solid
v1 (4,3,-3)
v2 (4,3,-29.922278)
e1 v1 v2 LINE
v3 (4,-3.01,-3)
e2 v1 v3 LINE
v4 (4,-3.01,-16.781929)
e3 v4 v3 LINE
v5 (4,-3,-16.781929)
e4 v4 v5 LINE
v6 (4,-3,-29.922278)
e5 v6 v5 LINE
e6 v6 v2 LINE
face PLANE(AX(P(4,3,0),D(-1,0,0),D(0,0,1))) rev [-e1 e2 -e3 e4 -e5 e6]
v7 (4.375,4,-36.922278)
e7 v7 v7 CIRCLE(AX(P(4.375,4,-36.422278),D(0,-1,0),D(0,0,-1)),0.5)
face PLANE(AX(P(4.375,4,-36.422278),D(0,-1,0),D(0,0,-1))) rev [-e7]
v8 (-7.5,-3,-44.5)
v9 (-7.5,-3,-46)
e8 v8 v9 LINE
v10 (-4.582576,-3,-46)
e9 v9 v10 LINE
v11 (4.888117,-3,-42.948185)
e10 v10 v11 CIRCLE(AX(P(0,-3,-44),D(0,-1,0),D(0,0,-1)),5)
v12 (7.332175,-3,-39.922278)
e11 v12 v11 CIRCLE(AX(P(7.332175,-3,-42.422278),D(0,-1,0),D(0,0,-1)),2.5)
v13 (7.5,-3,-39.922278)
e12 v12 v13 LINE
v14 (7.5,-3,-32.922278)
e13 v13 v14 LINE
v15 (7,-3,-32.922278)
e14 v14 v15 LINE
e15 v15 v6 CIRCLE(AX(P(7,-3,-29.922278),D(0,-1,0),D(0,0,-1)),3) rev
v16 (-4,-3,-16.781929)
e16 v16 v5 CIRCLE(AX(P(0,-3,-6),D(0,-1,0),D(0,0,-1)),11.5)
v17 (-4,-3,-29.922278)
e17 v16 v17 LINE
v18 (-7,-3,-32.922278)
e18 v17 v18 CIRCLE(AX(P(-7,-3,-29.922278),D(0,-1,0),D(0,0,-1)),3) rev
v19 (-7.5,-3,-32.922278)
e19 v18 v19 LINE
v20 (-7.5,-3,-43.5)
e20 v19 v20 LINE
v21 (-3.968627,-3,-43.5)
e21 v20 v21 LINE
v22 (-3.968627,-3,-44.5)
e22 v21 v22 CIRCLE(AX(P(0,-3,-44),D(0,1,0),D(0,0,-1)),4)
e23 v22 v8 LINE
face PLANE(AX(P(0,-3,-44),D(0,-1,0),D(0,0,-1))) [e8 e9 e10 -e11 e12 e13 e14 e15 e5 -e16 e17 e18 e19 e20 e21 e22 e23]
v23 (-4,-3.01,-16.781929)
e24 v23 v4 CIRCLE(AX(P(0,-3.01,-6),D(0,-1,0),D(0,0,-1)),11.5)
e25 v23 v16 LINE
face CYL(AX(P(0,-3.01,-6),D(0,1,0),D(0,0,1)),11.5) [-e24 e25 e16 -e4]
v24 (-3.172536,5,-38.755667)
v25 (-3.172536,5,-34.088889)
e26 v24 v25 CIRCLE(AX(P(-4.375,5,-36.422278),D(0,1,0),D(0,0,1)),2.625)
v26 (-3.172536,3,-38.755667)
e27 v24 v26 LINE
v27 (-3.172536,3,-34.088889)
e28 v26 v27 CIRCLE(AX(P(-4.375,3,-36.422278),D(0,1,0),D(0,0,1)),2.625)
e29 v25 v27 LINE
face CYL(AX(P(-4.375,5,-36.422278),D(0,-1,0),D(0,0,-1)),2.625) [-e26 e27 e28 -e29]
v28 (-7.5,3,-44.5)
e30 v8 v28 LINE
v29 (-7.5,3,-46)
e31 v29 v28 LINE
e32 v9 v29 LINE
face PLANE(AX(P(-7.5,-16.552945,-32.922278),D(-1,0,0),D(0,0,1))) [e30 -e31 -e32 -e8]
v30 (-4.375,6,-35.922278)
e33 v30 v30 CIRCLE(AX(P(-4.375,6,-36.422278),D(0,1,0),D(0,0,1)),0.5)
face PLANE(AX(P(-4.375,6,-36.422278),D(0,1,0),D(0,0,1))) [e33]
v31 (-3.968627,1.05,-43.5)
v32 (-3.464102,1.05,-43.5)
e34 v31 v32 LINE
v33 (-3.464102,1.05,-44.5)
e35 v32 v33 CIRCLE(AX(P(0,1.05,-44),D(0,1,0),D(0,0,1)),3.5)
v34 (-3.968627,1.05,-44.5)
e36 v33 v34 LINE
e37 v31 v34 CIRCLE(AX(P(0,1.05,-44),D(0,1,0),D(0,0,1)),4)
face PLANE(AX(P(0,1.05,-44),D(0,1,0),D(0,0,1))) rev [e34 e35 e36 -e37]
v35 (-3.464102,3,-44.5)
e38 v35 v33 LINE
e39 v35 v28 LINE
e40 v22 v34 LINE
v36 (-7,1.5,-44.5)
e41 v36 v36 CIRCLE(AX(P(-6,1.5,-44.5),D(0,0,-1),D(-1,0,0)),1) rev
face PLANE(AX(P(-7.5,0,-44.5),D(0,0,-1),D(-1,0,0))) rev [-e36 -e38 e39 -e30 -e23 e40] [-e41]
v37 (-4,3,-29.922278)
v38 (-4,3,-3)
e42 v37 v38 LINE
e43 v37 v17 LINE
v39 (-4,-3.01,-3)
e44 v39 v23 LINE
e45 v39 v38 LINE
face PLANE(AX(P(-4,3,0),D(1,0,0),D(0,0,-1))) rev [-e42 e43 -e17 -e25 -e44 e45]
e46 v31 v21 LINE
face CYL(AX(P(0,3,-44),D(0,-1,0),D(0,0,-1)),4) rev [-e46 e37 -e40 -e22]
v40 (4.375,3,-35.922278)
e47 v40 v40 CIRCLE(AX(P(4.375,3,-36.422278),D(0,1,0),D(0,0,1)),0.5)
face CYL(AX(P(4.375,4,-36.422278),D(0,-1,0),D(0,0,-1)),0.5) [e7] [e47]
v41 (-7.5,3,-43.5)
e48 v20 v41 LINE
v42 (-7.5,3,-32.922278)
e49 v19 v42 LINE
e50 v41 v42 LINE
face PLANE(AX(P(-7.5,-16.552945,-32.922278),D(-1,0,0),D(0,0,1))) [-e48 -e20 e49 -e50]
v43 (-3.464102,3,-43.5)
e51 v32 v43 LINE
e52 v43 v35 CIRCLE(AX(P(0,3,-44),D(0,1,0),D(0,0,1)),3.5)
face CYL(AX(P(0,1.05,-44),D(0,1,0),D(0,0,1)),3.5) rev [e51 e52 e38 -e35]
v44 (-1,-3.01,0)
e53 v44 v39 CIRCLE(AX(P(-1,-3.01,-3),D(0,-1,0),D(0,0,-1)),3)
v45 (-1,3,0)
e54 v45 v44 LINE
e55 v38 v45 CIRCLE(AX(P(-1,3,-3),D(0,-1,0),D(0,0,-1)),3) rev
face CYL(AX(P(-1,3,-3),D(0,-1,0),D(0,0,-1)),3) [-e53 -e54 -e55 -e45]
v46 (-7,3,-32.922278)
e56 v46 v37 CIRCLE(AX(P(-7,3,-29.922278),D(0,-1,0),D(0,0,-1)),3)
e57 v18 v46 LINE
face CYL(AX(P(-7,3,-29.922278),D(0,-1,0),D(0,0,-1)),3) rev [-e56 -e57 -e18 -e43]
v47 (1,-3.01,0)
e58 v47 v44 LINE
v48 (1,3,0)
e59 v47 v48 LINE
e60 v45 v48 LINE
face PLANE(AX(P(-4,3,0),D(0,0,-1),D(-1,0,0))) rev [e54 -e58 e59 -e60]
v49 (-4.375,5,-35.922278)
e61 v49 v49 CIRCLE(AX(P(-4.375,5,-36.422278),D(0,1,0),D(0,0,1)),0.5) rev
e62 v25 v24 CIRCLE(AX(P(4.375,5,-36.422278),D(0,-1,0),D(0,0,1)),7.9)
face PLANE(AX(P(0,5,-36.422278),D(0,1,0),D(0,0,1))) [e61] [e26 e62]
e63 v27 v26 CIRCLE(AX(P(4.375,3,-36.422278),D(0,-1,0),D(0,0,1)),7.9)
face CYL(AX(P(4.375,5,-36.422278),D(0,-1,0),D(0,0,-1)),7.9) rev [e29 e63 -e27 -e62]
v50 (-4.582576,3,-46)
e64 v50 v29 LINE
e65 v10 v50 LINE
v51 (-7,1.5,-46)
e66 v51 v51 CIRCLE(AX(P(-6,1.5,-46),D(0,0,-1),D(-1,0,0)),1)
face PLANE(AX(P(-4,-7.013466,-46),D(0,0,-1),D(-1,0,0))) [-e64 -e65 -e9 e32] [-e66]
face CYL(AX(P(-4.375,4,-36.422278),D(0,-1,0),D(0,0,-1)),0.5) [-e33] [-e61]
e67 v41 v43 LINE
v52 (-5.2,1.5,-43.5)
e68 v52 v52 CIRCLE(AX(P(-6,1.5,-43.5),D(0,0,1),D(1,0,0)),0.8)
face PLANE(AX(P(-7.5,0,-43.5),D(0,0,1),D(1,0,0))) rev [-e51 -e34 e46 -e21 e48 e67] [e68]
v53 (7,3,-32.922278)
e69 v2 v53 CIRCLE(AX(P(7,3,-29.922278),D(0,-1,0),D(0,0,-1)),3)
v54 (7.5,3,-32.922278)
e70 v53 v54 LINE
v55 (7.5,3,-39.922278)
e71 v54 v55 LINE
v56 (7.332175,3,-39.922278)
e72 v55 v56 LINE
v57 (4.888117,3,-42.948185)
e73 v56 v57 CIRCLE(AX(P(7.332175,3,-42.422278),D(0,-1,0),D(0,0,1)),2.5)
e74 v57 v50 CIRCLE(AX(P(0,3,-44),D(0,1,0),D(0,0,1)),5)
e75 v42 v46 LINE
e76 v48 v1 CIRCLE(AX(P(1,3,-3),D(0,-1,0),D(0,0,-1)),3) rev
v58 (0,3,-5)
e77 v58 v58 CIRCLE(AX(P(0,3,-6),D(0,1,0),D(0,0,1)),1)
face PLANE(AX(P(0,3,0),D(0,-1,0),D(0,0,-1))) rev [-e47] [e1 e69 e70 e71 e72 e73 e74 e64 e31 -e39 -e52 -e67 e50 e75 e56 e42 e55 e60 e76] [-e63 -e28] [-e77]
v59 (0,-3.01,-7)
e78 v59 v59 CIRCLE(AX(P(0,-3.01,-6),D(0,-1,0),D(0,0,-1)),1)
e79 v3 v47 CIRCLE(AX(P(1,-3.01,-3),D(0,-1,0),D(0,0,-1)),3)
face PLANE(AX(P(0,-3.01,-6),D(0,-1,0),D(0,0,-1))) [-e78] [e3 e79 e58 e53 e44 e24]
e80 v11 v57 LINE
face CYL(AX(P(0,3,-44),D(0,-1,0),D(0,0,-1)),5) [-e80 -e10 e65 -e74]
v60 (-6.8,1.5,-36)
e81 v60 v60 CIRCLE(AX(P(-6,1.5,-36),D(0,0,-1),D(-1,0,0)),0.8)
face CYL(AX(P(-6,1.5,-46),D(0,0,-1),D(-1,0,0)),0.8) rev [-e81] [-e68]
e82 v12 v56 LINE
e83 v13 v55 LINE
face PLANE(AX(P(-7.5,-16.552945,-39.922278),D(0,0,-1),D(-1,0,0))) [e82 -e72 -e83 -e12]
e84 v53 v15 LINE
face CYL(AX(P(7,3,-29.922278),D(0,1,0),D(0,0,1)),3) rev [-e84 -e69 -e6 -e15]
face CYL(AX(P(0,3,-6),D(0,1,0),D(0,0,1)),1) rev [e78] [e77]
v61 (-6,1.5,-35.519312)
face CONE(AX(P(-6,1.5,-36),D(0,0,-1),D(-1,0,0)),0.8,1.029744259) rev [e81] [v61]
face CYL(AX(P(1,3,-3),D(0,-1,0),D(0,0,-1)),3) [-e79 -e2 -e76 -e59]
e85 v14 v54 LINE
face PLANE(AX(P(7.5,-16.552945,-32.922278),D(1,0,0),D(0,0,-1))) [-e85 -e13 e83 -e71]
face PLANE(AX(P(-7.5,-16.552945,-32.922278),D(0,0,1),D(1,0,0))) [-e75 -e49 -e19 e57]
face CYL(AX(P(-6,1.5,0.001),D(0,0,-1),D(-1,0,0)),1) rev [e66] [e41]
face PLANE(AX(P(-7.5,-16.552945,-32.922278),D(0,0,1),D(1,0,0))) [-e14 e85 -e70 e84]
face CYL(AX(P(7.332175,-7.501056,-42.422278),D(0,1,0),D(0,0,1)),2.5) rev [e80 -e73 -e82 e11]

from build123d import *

# Parameters (mm, degrees)
BASEARM_W             = 8
BASEARM_H             = 40
BOSS_EXTRUDE1_DEPTH   = 3
SKETCH2_R             = 5
SKETCH2_R_2           = 4
BOSS_EXTRUDE2_DEPTH   = 3
BOSS_EXTRUDE3_REACH   = 42.423
SKETCH3_W             = 1
SKETCH3_H             = 3
F_2_0MM_DOWEL_HOLE3_D = 2
SKETCH13_W            = 15
SKETCH13_H            = 7
SKETCH13_R            = 0.5
BOSS_EXTRUDE7_DEPTH   = 3
SKETCH15_W            = 3.5
SKETCH15_H            = 6.077722283
BOSS_EXTRUDE8_DEPTH   = 3
BOSS_EXTRUDE9_START   = -1.95
SKETCH20_R            = 4
SKETCH20_R_2          = 3.5
BOSS_EXTRUDE9_DEPTH   = 1.95
SKETCH16_W            = 4.035898385
SKETCH16_H            = 1
CUT_EXTRUDE5_DEPTH    = 3
BOSS_EXTRUDE10_START  = -4
SKETCH21_R            = 0.5
BOSS_EXTRUDE10_DEPTH  = 4
BOSS_EXTRUDE11_START  = 2
SKETCH22_R            = 0.5
BOSS_EXTRUDE11_DEPTH  = 2
BOSS_EXTRUDE12_DEPTH  = 2
M2_TAPPED_HOLE1_D     = 1.6
M2_TAPPED_HOLE1_DEPTH = 10
M2_TAPPED_HOLE1_TIP   = 0.480688495
CUT_EXTRUDE6_REACH    = 48.992
SKETCH28_R            = 1
BOSS_EXTRUDE13_START  = 3
SKETCH29_R            = 1
BOSS_EXTRUDE13_DEPTH  = 3
BOSS_EXTRUDE14_START  = 0.01
SKETCH30_R            = 1
BOSS_EXTRUDE14_DEPTH  = 0.01
FILLET3_R             = 3
BOSS_EXTRUDE15_START  = -6
BOSS_EXTRUDE15_DEPTH  = 6


with BuildPart() as part:
    # BaseArm → Boss-Extrude1 (new body)
    with BuildSketch(Plane(origin=(0, 0, 0), x_dir=(1, 0, 0), z_dir=(0, 1, 0))):
        with Locations((0, 20)):
            Rectangle(BASEARM_W, BASEARM_H)
    extrude(amount=BOSS_EXTRUDE1_DEPTH)

    # Sketch2 → Boss-Extrude2 (add)
    with BuildSketch(Plane(origin=(0, 0, 0), x_dir=(1, 0, 0), z_dir=(0, 1, 0))):
        with Locations((0, 44)):
            Circle(SKETCH2_R)
        with Locations(Location((0, 44, 0), (0, 0, 270))):
            Circle(SKETCH2_R_2, mode=Mode.SUBTRACT)
    extrude(amount=BOSS_EXTRUDE2_DEPTH)

    # Sketch3 → Boss-Extrude3 (add, up to next)
    with BuildSketch(Plane(origin=(0, 0, -40), x_dir=(-1, 0, 0), z_dir=(0, 0, -1)), mode=Mode.PRIVATE) as boss_extrude3_sk1:
        with Locations((-3.5, 1.5)):
            Rectangle(SKETCH3_W, SKETCH3_H)
    boss_extrude3_tool1 = extrude(boss_extrude3_sk1.sketch, amount=BOSS_EXTRUDE3_REACH, mode=Mode.PRIVATE) - part.part
    # Sketch3 → Boss-Extrude3 (add, up to next)
    with BuildSketch(Plane(origin=(0, 0, -40), x_dir=(-1, 0, 0), z_dir=(0, 0, -1)), mode=Mode.PRIVATE) as boss_extrude3_sk2:
        with Locations((3.5, 1.5)):
            Rectangle(SKETCH3_W, SKETCH3_H)
    boss_extrude3_tool2 = extrude(boss_extrude3_sk2.sketch, amount=BOSS_EXTRUDE3_REACH, mode=Mode.PRIVATE) - part.part
    add(boss_extrude3_tool1.solids().sort_by_distance((3.5, 1.5, -40))[0])
    add(boss_extrude3_tool2.solids().sort_by_distance((-3.5, 1.5, -40))[0])

    # Ø2.0mm Dowel Hole3 (through all)
    with Locations(Plane(origin=(0, 3, -6), x_dir=(0, 0, 1), z_dir=(0, 1, 0))):
        with Locations((0, 0)):
            Hole(F_2_0MM_DOWEL_HOLE3_D / 2)

    # Sketch13 → Boss-Extrude7 (add)
    with BuildSketch(Plane(origin=(0, 3, 0), x_dir=(1, 0, 0), z_dir=(0, 1, 0))):
        with Locations((0, 36.422277717)):
            Rectangle(SKETCH13_W, SKETCH13_H)
        with Locations((-4.375, 36.422277717)):
            Circle(SKETCH13_R, mode=Mode.SUBTRACT)
        with Locations((4.375, 36.422277717)):
            Circle(SKETCH13_R, mode=Mode.SUBTRACT)
    extrude(amount=-BOSS_EXTRUDE7_DEPTH)

    # Sketch15 → Boss-Extrude8 (add)
    with BuildSketch(Plane(origin=(0, 3, 0), x_dir=(1, 0, 0), z_dir=(0, 1, 0))):
        with Locations((-5.75, 42.961138859)):
            Rectangle(SKETCH15_W, SKETCH15_H)
    extrude(amount=-BOSS_EXTRUDE8_DEPTH)

    # Sketch20 → Boss-Extrude9 (add)
    with BuildSketch(Plane(origin=(0, 3, 0), x_dir=(1, 0, 0), z_dir=(0, 1, 0)).offset(BOSS_EXTRUDE9_START)):
        with Locations(Location((0, 44, 0), (0, 0, 270))):
            Circle(SKETCH20_R)
        with Locations(Location((0, 44, 0), (0, 0, 270))):
            Circle(SKETCH20_R_2, mode=Mode.SUBTRACT)
    extrude(amount=BOSS_EXTRUDE9_DEPTH)

    # Sketch16 → Cut-Extrude5 (cut)
    with BuildSketch(Plane(origin=(0, 3, 0), x_dir=(1, 0, 0), z_dir=(0, 1, 0))):
        with Locations((-5.482050808, 44)):
            Rectangle(SKETCH16_W, SKETCH16_H)
    extrude(amount=-CUT_EXTRUDE5_DEPTH, mode=Mode.SUBTRACT)

    # Sketch21 → Boss-Extrude10 (add)
    with BuildSketch(Plane.XZ.offset(BOSS_EXTRUDE10_START)):
        with Locations(Location((-4.375, -36.422277717, 0), (0, 0, 270))):
            Circle(SKETCH21_R)
        with Locations(Location((4.375, -36.422277717, 0), (0, 0, 270))):
            Circle(SKETCH21_R)
    extrude(amount=BOSS_EXTRUDE10_DEPTH)

    # Sketch22 → Boss-Extrude11 (add)
    with BuildSketch(Plane(origin=(0, 4, 0), x_dir=(1, 0, 0), z_dir=(0, 1, 0)).offset(BOSS_EXTRUDE11_START)):
        with Locations(Location((-4.375, 36.422277717, 0), (0, 0, 270))):
            Circle(SKETCH22_R)
    extrude(amount=-BOSS_EXTRUDE11_DEPTH)

    # Sketch23 → Boss-Extrude12 (add)
    with BuildSketch(Plane(origin=(0, 3, 0), x_dir=(1, 0, 0), z_dir=(0, 1, 0))):
        with BuildLine():
            ThreePointArc((-3.172535714, 38.755666806), (-7, 36.422277717), (-3.172535714, 34.088888628))
            ThreePointArc((-3.172535714, 34.088888628), (-3.525, 36.422277717), (-3.172535714, 38.755666806))
        make_face()
    extrude(amount=BOSS_EXTRUDE12_DEPTH)

    # M2 Tapped Hole1
    with Locations(Plane(origin=(0, 0, -46), x_dir=(-1, 0, 0), z_dir=(0, 0, -1))):
        with Locations((6, 1.5)):
            Hole(M2_TAPPED_HOLE1_D / 2, depth=M2_TAPPED_HOLE1_DEPTH)
            with Locations((0, 0, -(M2_TAPPED_HOLE1_DEPTH + M2_TAPPED_HOLE1_TIP / 2))):  # 118° drill point
                Cone(0, M2_TAPPED_HOLE1_D / 2, M2_TAPPED_HOLE1_TIP, mode=Mode.SUBTRACT)

    # Sketch28 → Cut-Extrude6 (cut, up to next)
    with BuildSketch(Plane(origin=(0, 0, -46), x_dir=(-1, 0, 0), z_dir=(0, 0, -1)), mode=Mode.PRIVATE) as cut_extrude6_sk1:
        with Locations((6, 1.5)):
            Circle(SKETCH28_R)
    cut_extrude6_tool1 = extrude(cut_extrude6_sk1.sketch, amount=-CUT_EXTRUDE6_REACH, mode=Mode.PRIVATE) & part.part
    add(cut_extrude6_tool1.solids().sort_by_distance((-6, 1.5, -46))[0], mode=Mode.SUBTRACT)

    # Sketch29 → Boss-Extrude13 (add)
    with BuildSketch(Plane.XZ.offset(BOSS_EXTRUDE13_START)):
        with BuildLine():
            Line((4, -41), (4, -39.922277717))
            Line((4, -39.922277717), (7.5, -39.922277717))
            Line((7.5, -39.922277717), (7.5, -32.922277717))
            Line((7.5, -32.922277717), (4, -32.922277717))
            Line((4, -32.922277717), (4, 0))
            Line((4, 0), (-4, 0))
            Line((-4, 0), (-4, -32.922277717))
            Line((-4, -32.922277717), (-7.5, -32.922277717))
            Line((-7.5, -32.922277717), (-7.5, -43.5))
            Line((-7.5, -43.5), (-3.968626967, -43.5))
            ThreePointArc((-3.968626967, -43.5), (4, -44), (-3.968626967, -44.5))
            Line((-3.968626967, -44.5), (-7.5, -44.5))
            Line((-7.5, -44.5), (-7.5, -46))
            Line((-7.5, -46), (-4.582575695, -46))
            ThreePointArc((-4.582575695, -46), (2.516912515, -48.320318436), (4, -41))
        make_face()
        with Locations(Location((0, -6, 0), (0, 0, 90))):
            Circle(SKETCH29_R, mode=Mode.SUBTRACT)
    extrude(amount=-BOSS_EXTRUDE13_DEPTH)

    # Sketch30 → Boss-Extrude14 (add)
    with BuildSketch(Plane.XZ.offset(3).offset(BOSS_EXTRUDE14_START)):
        with BuildLine():
            Line((4, -16.781929326), (4, 0))
            Line((4, 0), (-4, 0))
            Line((-4, 0), (-4, -16.781929326))
            ThreePointArc((-4, -16.781929326), (0, -17.5), (4, -16.781929326))
        make_face()
        with Locations(Location((0, -6, 0), (0, 0, 90))):
            Circle(SKETCH30_R, mode=Mode.SUBTRACT)
    extrude(amount=-BOSS_EXTRUDE14_DEPTH)

    # Fillet3
    fillet3_edges = [part.edges().sort_by_distance(p)[0] for p in [
        (-4, 0, -32.922277717),
        (4, 0, -32.922277717),
        (4, -0.005, 0),
        (-4, -0.005, 0),
    ]]
    fillet(fillet3_edges, radius=FILLET3_R)

    # Sketch31 → Boss-Extrude15 (add)
    with BuildSketch(Plane(origin=(0, 3, 0), x_dir=(1, 0, 0), z_dir=(0, 1, 0)).offset(BOSS_EXTRUDE15_START)):
        with BuildLine():
            Line((7.332175148, 39.922277717), (4, 39.922277717))
            Line((4, 39.922277717), (4, 41))
            ThreePointArc((4, 41), (4.549561654, 41.925996926), (4.888116765, 42.948185145))
            ThreePointArc((4.888116765, 42.948185145), (5.387339863, 40.851413077), (7.332175148, 39.922277717))
        make_face()
    extrude(amount=BOSS_EXTRUDE15_DEPTH)


solid = part.part
